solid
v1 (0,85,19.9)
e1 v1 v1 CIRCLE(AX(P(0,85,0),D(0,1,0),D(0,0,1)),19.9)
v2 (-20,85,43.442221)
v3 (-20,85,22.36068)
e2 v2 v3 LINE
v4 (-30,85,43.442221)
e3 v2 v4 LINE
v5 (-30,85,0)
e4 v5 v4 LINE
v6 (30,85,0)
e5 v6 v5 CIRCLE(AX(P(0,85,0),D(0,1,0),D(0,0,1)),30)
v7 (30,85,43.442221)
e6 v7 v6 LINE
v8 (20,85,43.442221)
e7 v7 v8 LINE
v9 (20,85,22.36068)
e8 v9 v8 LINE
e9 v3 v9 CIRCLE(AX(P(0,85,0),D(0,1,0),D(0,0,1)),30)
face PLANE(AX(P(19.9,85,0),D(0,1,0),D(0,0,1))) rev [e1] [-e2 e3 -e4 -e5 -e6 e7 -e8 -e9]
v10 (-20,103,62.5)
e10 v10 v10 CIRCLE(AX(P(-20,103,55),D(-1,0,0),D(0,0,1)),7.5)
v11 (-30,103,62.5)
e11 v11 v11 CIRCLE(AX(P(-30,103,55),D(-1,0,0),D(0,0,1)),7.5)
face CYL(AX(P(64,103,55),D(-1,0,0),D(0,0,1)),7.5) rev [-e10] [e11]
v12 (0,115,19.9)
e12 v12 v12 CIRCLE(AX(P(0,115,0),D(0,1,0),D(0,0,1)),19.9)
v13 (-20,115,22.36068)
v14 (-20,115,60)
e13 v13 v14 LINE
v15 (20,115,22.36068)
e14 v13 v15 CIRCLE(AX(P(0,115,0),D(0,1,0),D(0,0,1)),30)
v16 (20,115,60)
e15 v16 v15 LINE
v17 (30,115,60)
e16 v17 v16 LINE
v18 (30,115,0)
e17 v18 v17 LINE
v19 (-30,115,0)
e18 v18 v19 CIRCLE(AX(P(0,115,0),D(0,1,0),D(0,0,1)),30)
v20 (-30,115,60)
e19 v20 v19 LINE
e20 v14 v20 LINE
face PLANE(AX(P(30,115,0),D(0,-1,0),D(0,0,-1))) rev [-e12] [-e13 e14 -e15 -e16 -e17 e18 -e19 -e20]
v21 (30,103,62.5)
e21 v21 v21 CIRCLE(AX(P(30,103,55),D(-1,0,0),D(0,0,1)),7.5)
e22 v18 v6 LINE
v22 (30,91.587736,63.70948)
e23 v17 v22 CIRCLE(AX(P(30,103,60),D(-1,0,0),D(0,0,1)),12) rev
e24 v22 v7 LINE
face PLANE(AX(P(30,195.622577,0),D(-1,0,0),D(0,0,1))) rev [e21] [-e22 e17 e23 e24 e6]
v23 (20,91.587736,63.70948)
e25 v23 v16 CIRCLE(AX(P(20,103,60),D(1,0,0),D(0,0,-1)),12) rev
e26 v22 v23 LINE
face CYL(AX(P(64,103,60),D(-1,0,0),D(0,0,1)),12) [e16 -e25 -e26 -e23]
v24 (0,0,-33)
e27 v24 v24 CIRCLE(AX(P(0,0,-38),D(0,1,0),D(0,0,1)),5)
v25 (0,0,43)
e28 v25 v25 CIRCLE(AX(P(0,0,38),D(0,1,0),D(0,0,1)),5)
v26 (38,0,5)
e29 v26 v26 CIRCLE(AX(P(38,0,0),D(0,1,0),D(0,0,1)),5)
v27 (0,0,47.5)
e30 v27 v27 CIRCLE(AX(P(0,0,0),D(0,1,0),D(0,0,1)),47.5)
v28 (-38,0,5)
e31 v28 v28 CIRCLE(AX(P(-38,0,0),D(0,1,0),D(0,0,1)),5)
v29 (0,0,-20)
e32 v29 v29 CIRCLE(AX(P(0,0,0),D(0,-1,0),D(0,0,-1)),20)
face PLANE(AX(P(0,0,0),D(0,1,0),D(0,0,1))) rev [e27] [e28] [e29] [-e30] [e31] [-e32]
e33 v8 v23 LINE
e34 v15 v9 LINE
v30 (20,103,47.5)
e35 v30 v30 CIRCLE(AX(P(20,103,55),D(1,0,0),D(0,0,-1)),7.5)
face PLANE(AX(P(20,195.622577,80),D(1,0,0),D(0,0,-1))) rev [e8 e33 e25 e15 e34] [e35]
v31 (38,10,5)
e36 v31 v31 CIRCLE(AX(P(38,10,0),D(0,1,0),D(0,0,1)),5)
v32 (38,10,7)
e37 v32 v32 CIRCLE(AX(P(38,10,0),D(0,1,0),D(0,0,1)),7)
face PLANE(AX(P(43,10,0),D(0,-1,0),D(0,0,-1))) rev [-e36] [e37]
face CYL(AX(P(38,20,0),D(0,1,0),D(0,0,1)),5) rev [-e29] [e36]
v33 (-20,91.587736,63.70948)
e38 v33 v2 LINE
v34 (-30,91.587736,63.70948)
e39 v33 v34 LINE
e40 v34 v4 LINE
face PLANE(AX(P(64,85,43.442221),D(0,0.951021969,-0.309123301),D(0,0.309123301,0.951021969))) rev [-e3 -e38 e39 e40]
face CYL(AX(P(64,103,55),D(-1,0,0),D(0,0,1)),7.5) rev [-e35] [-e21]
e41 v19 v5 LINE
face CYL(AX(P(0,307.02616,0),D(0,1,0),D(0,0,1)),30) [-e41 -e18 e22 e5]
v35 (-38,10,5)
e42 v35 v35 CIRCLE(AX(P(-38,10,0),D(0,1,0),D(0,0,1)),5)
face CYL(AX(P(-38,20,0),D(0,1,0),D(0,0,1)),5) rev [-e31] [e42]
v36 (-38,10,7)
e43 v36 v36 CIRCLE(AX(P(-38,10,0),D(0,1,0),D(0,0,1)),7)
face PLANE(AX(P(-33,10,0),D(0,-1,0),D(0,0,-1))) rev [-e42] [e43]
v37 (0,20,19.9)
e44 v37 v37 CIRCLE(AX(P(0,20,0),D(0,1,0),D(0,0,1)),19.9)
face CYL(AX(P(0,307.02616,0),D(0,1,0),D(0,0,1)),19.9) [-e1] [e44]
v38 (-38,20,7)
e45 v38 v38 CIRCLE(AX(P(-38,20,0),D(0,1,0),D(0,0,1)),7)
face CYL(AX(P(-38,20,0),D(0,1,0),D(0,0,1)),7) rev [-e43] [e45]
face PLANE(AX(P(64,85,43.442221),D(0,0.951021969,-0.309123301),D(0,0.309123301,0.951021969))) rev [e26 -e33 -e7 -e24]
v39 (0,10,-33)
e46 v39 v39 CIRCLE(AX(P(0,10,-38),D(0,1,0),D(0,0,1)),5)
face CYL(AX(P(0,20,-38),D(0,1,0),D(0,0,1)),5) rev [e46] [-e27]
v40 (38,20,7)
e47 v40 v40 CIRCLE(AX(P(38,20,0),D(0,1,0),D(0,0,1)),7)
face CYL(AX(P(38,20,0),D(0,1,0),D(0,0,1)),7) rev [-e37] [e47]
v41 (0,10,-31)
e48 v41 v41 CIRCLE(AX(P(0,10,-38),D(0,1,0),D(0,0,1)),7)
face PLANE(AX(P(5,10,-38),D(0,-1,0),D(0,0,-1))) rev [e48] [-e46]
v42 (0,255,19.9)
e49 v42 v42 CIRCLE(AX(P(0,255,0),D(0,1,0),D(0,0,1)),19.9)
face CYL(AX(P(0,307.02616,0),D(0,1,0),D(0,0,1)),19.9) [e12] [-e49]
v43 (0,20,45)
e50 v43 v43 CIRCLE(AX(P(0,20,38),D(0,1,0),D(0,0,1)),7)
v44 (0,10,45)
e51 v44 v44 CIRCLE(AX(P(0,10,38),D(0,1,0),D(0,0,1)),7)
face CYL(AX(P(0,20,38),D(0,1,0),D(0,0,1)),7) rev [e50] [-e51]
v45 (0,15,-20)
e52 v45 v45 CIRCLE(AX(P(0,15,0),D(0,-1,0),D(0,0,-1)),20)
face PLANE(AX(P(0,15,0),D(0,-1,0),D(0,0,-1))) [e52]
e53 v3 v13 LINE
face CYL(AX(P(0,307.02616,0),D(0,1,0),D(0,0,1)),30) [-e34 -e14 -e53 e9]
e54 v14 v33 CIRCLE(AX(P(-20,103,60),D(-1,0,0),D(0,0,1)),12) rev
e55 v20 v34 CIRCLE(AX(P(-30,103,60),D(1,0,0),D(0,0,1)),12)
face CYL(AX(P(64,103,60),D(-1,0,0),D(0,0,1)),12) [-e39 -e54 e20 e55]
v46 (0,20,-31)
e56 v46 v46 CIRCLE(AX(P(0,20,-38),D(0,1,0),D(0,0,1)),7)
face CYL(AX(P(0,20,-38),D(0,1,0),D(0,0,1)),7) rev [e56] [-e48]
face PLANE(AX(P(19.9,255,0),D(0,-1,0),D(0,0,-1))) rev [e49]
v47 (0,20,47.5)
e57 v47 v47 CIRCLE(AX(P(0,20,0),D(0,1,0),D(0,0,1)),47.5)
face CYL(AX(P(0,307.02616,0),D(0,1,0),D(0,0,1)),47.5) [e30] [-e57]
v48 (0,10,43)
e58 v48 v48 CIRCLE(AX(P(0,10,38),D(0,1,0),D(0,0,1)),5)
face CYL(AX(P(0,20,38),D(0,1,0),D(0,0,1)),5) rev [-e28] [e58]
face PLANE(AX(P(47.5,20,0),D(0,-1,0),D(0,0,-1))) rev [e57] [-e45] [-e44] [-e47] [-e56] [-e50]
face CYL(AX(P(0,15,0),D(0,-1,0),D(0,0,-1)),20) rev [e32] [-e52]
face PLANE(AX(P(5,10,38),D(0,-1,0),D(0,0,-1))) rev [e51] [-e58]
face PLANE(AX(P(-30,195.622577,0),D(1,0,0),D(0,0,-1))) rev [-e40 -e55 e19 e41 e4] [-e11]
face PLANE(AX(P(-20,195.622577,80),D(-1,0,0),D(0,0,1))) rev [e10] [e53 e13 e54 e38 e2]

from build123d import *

# Parameters (mm, degrees)
SKETCH2_W           = 10
SKETCH2_H           = 80
BOSS_EXTRUDE1_DEPTH = 30
SKETCH3_R           = 7.5
CUT_EXTRUDE1_DEPTH  = 94
HOLE1_D             = 10
HOLE1_CBORE_D       = 14
HOLE1_CBORE_DEPTH   = 10
SKETCH8_R           = 20
CUT_EXTRUDE2_DEPTH  = 15


with BuildPart() as part:
    # Sketch1 → Revolve1 (revolve)
    with BuildSketch(Plane.XY):
        Polygon((0, 0), (47.5, 0), (47.5, 20), (19.9, 20), (19.9, 85), (30, 85), (30, 115), (19.9, 115), (19.9, 255), (0, 255), align=None)
    revolve(axis=Axis((0, 307.026159996, 0), (0, -1, 0)))

    # Sketch2 → Boss-Extrude1 (add)
    with BuildSketch(Plane(origin=(0, 85, 0), x_dir=(1, 0, 0), z_dir=(0, 1, 0))):
        with Locations((-25, -40)):
            Rectangle(SKETCH2_W, SKETCH2_H)
        with Locations((25, -40)):
            Rectangle(SKETCH2_W, SKETCH2_H)
    extrude(amount=BOSS_EXTRUDE1_DEPTH)

    # Sketch3 → Cut-Extrude1 (cut)
    with BuildSketch(Plane.ZY.offset(30)):
        with Locations((55, 103)):
            Circle(SKETCH3_R)
        with BuildLine():
            Line((43.44222057, 85), (63.709479612, 91.587736377))
            ThreePointArc((63.709479612, 91.587736377), (71.852155152, 104.877875997), (60, 115))
            Line((60, 115), (80, 115))
            Line((80, 115), (80, 85))
            Line((80, 85), (43.44222057, 85))
        make_face()
    extrude(amount=-CUT_EXTRUDE1_DEPTH, mode=Mode.SUBTRACT)

    # Hole1 (through all)
    with Locations(Plane(origin=(0, 20, 0), x_dir=(1, 0, 0), z_dir=(0, 1, 0))):
        with Locations((38, 0), (0, 38), (-38, 0), (0, -38)):
            CounterBoreHole(HOLE1_D / 2, HOLE1_CBORE_D / 2, HOLE1_CBORE_DEPTH)

    # Sketch8 → Cut-Extrude2 (cut)
    with BuildSketch(Plane.XZ):
        Circle(SKETCH8_R)
    extrude(amount=-CUT_EXTRUDE2_DEPTH, mode=Mode.SUBTRACT)


solid = part.part
